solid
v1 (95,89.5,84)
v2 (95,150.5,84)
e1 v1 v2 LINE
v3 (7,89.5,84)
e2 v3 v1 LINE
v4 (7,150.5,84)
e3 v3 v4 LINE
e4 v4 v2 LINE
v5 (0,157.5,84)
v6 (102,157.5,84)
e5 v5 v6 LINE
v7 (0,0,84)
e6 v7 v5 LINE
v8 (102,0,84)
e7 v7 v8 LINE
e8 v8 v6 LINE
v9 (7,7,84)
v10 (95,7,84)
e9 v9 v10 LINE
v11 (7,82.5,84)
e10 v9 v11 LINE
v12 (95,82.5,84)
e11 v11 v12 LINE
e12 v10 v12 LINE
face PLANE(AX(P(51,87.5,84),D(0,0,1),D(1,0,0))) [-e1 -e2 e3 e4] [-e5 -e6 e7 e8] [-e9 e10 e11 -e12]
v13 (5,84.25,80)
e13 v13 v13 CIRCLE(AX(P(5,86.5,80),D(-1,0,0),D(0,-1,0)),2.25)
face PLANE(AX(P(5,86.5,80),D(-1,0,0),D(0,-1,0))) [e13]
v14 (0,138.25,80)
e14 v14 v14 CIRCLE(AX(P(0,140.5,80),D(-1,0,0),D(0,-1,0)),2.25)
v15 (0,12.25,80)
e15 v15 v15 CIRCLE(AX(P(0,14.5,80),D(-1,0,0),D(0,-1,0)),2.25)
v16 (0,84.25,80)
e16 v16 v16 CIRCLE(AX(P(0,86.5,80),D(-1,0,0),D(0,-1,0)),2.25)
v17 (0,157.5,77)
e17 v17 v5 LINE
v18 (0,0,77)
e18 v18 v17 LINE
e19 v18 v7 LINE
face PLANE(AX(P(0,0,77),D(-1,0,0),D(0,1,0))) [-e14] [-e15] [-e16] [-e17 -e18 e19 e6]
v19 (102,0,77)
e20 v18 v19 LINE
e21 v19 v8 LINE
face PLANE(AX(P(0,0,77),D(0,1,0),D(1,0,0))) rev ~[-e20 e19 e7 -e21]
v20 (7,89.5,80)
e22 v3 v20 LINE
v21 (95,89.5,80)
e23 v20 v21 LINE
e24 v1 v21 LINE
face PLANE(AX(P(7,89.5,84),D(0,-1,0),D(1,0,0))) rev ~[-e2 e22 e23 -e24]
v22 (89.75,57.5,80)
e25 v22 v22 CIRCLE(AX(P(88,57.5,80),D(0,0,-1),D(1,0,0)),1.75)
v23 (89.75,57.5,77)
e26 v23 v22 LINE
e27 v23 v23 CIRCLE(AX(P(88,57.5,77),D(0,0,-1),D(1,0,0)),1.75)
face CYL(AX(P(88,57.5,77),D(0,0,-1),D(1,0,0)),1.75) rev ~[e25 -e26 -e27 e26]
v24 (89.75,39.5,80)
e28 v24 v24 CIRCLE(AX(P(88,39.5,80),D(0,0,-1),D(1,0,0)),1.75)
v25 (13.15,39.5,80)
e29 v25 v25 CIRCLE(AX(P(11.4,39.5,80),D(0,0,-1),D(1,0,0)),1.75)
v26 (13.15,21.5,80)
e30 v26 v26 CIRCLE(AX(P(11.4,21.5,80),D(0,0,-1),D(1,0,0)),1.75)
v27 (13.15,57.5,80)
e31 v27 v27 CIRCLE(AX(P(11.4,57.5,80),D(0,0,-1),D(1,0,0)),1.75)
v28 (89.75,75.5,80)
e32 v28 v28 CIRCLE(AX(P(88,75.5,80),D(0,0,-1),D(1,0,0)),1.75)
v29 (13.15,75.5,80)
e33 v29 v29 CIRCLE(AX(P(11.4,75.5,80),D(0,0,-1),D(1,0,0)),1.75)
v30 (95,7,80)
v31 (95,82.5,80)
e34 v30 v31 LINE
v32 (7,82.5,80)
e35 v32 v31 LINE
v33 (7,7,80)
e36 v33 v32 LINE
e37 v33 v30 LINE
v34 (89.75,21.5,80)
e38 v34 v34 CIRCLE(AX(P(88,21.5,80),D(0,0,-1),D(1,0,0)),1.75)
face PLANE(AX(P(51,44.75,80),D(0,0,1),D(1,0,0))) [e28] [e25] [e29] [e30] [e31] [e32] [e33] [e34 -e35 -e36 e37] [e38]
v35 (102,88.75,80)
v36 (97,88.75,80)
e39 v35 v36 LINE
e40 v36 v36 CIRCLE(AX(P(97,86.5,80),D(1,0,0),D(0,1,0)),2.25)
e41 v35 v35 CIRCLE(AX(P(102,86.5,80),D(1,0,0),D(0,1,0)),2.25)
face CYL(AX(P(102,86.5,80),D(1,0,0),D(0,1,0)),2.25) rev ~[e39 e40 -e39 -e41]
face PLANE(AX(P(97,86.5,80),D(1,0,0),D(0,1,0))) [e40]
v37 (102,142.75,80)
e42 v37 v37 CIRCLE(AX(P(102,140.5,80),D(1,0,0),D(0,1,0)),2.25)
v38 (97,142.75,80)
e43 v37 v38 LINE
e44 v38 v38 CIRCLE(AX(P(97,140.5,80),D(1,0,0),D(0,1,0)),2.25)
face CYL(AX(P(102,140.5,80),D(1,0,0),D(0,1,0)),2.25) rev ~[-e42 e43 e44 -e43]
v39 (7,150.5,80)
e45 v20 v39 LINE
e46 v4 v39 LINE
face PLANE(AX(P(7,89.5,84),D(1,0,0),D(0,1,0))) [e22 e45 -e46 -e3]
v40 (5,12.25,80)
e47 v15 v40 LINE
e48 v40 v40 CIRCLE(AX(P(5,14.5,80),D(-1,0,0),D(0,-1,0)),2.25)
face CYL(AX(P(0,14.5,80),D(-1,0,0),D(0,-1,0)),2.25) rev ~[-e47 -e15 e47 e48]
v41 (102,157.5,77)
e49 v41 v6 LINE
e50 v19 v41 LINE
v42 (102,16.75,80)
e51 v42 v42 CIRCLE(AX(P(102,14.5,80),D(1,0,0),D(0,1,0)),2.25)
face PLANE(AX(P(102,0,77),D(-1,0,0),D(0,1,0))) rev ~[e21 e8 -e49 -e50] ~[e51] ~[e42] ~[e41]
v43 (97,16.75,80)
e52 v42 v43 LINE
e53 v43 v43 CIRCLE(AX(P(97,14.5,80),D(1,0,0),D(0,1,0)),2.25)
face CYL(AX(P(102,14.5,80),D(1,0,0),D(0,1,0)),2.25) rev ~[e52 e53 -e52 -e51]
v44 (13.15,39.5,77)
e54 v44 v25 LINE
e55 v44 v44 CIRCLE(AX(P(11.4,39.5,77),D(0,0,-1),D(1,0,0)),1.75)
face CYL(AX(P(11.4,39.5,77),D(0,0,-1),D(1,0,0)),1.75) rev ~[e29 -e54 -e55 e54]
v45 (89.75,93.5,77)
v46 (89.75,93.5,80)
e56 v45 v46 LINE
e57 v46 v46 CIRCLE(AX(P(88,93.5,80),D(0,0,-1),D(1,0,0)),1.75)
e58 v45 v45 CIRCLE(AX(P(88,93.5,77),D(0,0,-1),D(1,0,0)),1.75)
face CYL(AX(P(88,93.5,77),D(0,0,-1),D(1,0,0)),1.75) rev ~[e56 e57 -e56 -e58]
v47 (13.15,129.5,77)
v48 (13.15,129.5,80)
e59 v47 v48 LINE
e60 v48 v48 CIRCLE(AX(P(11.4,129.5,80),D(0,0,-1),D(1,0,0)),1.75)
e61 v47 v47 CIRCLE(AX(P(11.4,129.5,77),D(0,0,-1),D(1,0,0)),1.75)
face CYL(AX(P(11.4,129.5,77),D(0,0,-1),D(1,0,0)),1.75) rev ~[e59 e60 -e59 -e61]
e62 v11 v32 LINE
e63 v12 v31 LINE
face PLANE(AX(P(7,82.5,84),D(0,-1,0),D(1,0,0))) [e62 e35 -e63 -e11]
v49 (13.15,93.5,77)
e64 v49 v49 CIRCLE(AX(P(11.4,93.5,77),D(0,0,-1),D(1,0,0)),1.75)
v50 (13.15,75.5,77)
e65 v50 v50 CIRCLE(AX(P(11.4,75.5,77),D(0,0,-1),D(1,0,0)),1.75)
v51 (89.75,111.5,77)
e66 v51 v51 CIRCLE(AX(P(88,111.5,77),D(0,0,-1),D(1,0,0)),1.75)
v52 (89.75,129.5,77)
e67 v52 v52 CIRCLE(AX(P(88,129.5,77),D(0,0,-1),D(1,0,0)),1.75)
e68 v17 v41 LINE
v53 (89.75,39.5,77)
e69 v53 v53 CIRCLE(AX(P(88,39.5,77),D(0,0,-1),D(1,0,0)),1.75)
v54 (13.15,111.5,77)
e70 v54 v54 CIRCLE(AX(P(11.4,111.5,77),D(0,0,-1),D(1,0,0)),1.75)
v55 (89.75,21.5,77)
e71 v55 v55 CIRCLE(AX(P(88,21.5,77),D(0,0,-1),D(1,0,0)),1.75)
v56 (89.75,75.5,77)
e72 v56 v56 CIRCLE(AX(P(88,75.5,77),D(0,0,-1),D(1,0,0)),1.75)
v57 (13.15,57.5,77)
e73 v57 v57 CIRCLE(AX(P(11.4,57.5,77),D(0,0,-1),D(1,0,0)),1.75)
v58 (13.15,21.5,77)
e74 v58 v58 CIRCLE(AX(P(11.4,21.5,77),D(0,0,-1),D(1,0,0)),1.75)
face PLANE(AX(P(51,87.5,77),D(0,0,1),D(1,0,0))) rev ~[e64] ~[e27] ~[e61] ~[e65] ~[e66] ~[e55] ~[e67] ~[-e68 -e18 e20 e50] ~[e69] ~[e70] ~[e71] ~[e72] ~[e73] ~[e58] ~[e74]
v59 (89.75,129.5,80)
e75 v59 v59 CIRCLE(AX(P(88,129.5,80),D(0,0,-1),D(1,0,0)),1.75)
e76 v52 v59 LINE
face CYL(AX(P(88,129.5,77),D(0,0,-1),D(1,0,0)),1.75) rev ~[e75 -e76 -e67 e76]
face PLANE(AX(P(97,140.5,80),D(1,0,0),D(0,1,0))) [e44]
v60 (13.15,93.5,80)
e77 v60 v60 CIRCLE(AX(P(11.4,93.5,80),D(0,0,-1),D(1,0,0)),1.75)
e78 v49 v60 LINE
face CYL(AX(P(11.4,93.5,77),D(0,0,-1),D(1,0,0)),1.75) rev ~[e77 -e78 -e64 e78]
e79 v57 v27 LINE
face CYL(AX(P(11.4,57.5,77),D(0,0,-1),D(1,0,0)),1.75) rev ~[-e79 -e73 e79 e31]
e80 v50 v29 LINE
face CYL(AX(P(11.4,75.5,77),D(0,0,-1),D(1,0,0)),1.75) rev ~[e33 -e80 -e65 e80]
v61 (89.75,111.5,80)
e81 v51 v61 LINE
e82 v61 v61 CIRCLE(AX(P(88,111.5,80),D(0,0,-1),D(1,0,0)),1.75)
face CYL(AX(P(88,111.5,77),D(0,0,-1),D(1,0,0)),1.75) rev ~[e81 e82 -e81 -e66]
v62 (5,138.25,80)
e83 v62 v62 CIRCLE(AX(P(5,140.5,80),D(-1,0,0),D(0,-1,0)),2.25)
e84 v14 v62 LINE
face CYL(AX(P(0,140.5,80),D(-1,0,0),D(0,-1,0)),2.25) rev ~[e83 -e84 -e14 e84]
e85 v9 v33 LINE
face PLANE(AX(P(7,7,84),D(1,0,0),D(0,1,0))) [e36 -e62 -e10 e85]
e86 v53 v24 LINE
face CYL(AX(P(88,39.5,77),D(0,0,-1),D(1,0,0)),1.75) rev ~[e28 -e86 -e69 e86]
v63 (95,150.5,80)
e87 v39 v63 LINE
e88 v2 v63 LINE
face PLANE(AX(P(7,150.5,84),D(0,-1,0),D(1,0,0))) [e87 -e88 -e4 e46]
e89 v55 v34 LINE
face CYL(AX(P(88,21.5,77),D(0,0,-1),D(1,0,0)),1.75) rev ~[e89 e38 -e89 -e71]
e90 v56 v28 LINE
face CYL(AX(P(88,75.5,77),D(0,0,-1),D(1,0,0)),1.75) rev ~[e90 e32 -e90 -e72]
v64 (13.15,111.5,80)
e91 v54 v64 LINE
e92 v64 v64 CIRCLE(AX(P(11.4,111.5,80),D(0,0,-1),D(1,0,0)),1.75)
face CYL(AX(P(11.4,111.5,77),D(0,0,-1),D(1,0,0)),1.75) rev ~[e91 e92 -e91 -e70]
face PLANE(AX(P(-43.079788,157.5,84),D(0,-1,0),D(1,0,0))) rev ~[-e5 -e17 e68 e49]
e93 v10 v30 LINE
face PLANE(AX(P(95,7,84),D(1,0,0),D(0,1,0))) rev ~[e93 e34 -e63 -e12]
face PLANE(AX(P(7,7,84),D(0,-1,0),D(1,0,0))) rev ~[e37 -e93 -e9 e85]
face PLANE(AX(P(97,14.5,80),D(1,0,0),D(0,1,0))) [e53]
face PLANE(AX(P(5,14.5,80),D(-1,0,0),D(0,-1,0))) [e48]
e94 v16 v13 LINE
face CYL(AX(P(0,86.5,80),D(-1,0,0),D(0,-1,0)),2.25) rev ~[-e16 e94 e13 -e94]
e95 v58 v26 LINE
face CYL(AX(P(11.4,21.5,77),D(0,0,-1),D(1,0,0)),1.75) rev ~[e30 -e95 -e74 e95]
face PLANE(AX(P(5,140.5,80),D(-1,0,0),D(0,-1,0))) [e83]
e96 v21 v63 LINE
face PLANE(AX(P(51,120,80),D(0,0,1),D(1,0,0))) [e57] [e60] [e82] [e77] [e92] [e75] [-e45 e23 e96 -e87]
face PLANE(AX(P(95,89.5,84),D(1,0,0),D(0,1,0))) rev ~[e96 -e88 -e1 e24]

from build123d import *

# Parameters (mm, degrees)
SKETCH036_W     = 102
SKETCH036_H     = 175
PAD010_DEPTH    = 7
SKETCH037_R     = 1.75
POCKET022_DEPTH = 7.001
SKETCH038_R     = 2.25
POCKET023_DEPTH = 5
SKETCH039_R     = 2.25
POCKET024_DEPTH = 5
SKETCH040_W     = 88
SKETCH040_H     = 61
SKETCH040_H_2   = 75.5
POCKET025_DEPTH = 4
SKETCH041_W     = 186.33641
SKETCH041_H     = 47.448593
POCKET026_DEPTH = 7.001


with BuildPart() as part:
    # Sketch036 → Pad010 (new body)
    with BuildSketch(Plane.XY):
        with Locations((51, 87.5)):
            Rectangle(SKETCH036_W, SKETCH036_H)
    extrude(amount=PAD010_DEPTH)

    # Sketch037 (on Face5 of Pad010) → Pocket022 (cut, through all)
    with BuildSketch(Plane(origin=(0, 0, 0), x_dir=(1, 0, 0), z_dir=(0, 0, -1))):
        with Locations((88, -129.5)):
            Circle(SKETCH037_R)
        with Locations((11.4, -129.5)):
            Circle(SKETCH037_R)
        with Locations((88, -111.5)):
            Circle(SKETCH037_R)
        with Locations((11.4, -111.5)):
            Circle(SKETCH037_R)
        with Locations((88, -93.5)):
            Circle(SKETCH037_R)
        with Locations((11.4, -93.5)):
            Circle(SKETCH037_R)
        with Locations((11.4, -75.5)):
            Circle(SKETCH037_R)
        with Locations((88, -75.5)):
            Circle(SKETCH037_R)
        with Locations((88, -57.5)):
            Circle(SKETCH037_R)
        with Locations((88, -39.5)):
            Circle(SKETCH037_R)
        with Locations((11.4, -39.5)):
            Circle(SKETCH037_R)
        with Locations((11.4, -21.5)):
            Circle(SKETCH037_R)
        with Locations((88, -21.5)):
            Circle(SKETCH037_R)
        with Locations((11.4, -57.5)):
            Circle(SKETCH037_R)
    extrude(amount=-POCKET022_DEPTH, mode=Mode.SUBTRACT)

    # Sketch038 (on Face1 of Pocket022) → Pocket023 (cut)
    with BuildSketch(Plane(origin=(0, 0, 0), x_dir=(0, -1, 0), z_dir=(-1, 0, 0))):
        with Locations((-14.5, 3)):
            Circle(SKETCH038_R)
        with Locations((-86.5, 3)):
            Circle(SKETCH038_R)
        with Locations((-140.5, 3)):
            Circle(SKETCH038_R)
    extrude(amount=-POCKET023_DEPTH, mode=Mode.SUBTRACT)

    # Sketch039 (on Face9 of Pocket023) → Pocket024 (cut)
    with BuildSketch(Plane.YZ.offset(102)):
        with Locations((14.5, 3)):
            Circle(SKETCH039_R)
        with Locations((86.5, 3)):
            Circle(SKETCH039_R)
        with Locations((140.5, 3)):
            Circle(SKETCH039_R)
    extrude(amount=-POCKET024_DEPTH, mode=Mode.SUBTRACT)

    # Sketch040 (on Face4 of Pocket024) → Pocket025 (cut)
    with BuildSketch(Plane.XY.offset(7)):
        with Locations((51, 120)):
            Rectangle(SKETCH040_W, SKETCH040_H)
        with Locations((51, 44.75)):
            Rectangle(SKETCH040_W, SKETCH040_H_2)
    extrude(amount=-POCKET025_DEPTH, mode=Mode.SUBTRACT)

    # Sketch041 (on Face4 of Pocket025) → Pocket026 (cut, through all)
    with BuildSketch(Plane.XY.offset(7)):
        with Locations((50.088417, 181.224296)):
            Rectangle(SKETCH041_W, SKETCH041_H)
    extrude(amount=-POCKET026_DEPTH, mode=Mode.SUBTRACT)


with BuildPart() as part_1:
    # Body009 placement: moved
    add(part.part.moved(Location((0, 0, 77))))


solid = part_1.part
